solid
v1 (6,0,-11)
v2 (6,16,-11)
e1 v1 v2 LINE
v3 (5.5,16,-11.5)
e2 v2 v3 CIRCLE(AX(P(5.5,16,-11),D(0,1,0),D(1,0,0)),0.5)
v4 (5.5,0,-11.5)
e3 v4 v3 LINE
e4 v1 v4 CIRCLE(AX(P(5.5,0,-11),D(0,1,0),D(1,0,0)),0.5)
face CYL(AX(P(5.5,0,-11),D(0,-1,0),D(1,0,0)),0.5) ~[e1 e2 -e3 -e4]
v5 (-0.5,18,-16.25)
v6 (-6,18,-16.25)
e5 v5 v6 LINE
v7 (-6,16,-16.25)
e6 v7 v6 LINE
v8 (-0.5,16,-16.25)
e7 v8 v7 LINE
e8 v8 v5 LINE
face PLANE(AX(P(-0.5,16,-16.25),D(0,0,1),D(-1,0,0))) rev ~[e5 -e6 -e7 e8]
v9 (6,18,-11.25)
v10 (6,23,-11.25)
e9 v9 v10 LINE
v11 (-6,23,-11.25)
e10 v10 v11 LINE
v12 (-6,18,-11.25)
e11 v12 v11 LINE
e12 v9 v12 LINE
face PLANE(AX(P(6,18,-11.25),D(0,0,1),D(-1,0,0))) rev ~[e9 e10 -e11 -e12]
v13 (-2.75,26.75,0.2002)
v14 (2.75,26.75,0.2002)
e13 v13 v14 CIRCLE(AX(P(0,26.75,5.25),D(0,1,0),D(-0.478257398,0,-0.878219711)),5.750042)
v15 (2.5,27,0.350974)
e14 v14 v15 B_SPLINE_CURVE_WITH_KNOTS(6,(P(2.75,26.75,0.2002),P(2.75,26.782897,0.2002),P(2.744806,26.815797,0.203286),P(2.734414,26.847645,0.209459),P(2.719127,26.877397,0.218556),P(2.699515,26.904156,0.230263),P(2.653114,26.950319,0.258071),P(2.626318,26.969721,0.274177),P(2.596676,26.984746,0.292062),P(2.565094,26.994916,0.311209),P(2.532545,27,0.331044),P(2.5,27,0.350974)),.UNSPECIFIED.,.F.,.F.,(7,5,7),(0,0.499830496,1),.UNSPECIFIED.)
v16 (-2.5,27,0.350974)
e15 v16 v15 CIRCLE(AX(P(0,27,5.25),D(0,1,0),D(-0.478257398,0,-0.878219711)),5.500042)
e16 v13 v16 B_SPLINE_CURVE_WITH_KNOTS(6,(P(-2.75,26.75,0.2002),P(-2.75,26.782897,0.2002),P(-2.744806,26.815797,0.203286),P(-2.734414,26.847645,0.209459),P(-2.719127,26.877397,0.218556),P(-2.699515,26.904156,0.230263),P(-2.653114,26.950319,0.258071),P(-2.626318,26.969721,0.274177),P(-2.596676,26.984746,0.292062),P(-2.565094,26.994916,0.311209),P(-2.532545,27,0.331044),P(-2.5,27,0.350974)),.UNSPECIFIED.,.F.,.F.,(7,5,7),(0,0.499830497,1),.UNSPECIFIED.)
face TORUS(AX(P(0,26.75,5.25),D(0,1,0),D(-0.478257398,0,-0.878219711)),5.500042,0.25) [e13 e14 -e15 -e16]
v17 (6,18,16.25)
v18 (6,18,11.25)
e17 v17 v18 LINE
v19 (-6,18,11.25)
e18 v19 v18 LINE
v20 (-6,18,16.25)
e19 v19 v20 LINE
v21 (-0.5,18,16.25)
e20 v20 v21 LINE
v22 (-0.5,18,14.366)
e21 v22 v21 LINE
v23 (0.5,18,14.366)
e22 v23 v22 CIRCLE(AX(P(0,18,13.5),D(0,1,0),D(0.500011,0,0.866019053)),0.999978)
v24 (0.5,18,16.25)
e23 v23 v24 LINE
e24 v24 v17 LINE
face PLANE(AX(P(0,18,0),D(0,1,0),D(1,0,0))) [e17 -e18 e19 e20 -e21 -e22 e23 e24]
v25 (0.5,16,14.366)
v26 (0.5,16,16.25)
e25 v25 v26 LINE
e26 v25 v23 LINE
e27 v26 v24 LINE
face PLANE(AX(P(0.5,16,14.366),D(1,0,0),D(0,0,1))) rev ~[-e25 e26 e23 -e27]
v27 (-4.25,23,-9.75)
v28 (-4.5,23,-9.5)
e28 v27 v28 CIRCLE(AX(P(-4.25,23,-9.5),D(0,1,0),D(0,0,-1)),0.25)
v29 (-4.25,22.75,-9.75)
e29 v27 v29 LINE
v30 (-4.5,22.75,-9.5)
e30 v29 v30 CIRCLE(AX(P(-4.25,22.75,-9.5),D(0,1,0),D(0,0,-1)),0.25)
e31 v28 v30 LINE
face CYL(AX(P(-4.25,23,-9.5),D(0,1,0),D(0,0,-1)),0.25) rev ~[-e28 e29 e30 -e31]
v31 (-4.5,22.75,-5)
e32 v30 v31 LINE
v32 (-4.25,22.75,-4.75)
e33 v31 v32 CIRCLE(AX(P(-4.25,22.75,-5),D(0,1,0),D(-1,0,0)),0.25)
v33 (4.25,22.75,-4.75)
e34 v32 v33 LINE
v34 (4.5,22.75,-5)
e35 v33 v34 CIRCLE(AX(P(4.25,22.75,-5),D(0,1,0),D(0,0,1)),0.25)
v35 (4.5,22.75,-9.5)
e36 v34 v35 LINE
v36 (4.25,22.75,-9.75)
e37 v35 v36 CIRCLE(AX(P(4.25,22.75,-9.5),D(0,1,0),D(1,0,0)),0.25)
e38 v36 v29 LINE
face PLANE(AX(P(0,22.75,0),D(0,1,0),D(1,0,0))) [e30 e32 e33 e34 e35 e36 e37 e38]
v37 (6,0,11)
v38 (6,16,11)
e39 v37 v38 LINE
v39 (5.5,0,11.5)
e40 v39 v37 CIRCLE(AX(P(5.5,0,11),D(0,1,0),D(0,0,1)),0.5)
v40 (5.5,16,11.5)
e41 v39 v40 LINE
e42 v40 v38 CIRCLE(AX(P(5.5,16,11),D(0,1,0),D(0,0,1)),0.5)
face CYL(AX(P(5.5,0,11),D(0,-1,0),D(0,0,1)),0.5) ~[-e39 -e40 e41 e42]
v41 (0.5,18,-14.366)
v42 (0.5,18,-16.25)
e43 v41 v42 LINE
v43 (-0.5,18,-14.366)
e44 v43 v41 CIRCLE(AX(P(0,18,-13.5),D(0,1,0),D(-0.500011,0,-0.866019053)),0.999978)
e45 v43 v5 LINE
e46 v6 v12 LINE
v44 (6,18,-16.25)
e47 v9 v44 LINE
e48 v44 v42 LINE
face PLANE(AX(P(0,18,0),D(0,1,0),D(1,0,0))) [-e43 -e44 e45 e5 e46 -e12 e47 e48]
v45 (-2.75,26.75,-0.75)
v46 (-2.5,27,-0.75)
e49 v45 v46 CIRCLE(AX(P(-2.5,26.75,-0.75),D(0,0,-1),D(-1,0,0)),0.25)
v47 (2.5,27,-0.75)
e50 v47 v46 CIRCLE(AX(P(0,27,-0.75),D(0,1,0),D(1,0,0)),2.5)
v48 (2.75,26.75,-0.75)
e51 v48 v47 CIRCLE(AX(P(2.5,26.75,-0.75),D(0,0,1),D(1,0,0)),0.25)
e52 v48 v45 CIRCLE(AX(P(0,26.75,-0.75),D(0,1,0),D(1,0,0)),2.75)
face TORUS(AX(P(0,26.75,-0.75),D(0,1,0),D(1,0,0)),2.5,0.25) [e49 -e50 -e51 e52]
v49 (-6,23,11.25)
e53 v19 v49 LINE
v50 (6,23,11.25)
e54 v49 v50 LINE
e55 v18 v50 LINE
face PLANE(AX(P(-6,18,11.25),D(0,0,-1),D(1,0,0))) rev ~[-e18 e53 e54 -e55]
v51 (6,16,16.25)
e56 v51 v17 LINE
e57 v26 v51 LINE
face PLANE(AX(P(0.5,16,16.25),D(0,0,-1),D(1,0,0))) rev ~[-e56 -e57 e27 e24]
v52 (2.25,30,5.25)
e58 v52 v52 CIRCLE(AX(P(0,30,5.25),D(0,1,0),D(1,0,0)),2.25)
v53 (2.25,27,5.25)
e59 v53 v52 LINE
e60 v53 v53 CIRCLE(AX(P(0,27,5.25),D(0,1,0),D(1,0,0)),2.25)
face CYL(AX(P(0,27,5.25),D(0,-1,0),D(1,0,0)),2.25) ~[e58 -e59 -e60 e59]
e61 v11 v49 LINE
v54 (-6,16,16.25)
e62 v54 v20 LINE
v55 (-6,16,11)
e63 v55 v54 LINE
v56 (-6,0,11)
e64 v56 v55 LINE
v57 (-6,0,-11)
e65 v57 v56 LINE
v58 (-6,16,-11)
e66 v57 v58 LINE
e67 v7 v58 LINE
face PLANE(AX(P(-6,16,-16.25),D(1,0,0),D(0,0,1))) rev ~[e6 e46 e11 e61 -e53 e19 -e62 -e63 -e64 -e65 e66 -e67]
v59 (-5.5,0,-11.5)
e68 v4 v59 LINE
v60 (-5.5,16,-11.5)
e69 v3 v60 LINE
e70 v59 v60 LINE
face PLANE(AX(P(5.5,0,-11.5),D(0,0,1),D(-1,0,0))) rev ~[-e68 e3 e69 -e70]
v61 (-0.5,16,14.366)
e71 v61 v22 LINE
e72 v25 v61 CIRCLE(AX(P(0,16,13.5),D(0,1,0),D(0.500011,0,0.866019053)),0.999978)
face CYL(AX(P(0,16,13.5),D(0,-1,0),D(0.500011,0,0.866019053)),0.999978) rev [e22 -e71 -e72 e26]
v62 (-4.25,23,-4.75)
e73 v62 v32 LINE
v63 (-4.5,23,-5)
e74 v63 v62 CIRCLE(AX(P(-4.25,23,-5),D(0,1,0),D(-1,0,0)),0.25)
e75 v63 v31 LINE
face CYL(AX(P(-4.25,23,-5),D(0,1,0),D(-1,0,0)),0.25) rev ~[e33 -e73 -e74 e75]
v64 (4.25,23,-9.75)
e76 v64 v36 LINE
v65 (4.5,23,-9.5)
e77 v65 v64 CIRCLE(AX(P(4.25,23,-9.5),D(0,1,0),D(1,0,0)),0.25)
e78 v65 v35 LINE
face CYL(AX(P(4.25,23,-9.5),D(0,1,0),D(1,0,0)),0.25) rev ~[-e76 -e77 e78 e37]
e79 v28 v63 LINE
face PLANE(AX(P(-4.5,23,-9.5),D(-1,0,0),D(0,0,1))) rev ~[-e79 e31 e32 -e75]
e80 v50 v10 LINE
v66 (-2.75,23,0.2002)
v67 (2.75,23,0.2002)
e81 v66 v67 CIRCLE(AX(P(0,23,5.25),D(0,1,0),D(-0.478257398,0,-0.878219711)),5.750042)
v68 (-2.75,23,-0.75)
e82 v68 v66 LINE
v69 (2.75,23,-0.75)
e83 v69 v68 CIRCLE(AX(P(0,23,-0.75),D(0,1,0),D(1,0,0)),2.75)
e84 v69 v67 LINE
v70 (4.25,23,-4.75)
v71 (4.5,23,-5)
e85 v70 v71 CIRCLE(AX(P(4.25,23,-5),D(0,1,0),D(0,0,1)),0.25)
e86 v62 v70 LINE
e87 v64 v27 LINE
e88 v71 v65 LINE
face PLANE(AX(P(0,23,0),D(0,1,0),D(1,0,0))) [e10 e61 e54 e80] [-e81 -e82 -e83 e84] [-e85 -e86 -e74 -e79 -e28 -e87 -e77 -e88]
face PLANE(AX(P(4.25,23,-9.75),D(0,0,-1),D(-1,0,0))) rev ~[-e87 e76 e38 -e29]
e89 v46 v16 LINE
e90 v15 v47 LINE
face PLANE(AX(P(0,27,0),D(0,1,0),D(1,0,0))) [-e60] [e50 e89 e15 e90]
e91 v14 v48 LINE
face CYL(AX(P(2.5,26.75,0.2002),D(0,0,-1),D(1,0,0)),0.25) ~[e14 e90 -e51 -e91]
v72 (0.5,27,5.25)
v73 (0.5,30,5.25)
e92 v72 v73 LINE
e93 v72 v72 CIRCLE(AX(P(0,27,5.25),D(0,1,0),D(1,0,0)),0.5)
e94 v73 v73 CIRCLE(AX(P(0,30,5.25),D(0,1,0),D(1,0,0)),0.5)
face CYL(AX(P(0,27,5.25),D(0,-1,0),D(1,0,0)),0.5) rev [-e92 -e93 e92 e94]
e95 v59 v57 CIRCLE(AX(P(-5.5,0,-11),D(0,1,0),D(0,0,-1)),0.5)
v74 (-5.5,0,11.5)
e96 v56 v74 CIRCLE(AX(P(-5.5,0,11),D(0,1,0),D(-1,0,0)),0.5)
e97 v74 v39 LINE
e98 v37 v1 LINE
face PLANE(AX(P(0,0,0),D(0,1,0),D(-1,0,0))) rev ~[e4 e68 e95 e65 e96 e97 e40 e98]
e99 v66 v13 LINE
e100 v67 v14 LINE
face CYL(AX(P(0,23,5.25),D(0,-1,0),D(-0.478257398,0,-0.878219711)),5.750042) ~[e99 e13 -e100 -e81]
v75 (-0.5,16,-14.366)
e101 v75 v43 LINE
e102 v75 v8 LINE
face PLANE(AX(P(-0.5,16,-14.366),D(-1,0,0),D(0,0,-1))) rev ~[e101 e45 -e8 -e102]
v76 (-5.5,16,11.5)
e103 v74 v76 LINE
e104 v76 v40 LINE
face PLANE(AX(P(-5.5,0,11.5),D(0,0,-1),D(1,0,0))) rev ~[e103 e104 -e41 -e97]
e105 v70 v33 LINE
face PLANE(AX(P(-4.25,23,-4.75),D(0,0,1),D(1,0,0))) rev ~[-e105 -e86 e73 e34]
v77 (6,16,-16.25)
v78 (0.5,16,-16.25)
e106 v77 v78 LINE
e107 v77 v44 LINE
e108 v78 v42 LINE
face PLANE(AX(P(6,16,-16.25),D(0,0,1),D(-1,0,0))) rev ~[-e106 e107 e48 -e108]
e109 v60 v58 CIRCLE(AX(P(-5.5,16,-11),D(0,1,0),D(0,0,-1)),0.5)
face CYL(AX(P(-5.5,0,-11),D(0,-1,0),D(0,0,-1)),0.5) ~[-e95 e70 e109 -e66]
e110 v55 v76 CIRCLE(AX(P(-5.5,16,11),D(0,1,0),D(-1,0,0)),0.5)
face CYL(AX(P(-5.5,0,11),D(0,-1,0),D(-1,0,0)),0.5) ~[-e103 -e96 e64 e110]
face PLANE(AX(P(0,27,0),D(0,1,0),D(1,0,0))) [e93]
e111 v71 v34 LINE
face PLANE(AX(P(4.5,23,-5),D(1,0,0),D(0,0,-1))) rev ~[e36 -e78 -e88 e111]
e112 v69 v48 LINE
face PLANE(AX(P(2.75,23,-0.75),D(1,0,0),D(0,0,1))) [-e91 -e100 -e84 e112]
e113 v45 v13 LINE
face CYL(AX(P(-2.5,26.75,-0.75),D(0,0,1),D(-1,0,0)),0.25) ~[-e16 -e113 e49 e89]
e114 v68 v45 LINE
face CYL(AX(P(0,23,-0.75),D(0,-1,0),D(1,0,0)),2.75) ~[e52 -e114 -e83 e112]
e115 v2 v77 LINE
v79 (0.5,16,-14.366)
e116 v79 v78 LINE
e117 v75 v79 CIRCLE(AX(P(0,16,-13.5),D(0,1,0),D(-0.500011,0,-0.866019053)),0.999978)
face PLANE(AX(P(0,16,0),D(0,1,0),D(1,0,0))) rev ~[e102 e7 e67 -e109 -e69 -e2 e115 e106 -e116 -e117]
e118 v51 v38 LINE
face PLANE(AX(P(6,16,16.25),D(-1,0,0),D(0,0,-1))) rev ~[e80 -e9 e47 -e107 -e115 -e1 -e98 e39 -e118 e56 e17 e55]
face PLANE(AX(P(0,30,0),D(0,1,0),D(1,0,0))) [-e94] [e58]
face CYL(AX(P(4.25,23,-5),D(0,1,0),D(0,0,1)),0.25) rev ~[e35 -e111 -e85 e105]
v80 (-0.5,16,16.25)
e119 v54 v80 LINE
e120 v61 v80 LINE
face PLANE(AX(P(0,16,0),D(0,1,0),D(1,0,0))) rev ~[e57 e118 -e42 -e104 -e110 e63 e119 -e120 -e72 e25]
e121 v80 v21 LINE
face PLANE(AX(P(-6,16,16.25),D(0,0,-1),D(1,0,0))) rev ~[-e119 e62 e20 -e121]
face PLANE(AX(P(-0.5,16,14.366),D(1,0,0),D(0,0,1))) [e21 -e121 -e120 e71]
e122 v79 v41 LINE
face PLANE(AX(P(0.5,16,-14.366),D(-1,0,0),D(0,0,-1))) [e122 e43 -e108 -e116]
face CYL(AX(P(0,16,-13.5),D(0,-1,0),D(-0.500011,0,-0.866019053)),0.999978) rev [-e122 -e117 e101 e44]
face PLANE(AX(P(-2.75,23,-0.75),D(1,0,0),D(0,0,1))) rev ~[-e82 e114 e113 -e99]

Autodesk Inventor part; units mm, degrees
ref_plane "YZ Plane" through (0, 0, 0) normal (1, 0, 0) x (0, 1, 0)
ref_plane "XZ Plane" through (0, 0, 0) normal (0, 1, 0) x (-1, 0, 0)
sketch "Эскиз1" plane through (0, 0, 0) normal (0, 1, 0) x (-1, 0, 0)
  line L0 (5.5, 11.5) -> (-5.5, 11.5)
  line L1 (-6, 11) -> (-6, -11)
  line L2 (-5.5, -11.5) -> (5.5, -11.5)
  line L3 (6, -11) -> (6, 11)
  line L4 (6, 11.5) -> (-6, -11.5) construction
  line L5 (-6, 11.5) -> (6, -11.5) construction
  arc A0 (6, 11) -> (5.5, 11.5) centre (5.5, 11) ccw
  arc A1 (5.5, -11.5) -> (6, -11) centre (5.5, -11) ccw
  arc A2 (-6, -11) -> (-5.5, -11.5) centre (-5.5, -11) ccw
  arc A3 (-5.5, 11.5) -> (-6, 11) centre (-5.5, 11) ccw
  point P0 (0, 0)
  dimension "d0" = 12
  dimension "d1" = 23
  dimension "d2" = 0.5
extrude "Выдавливание1" add sketch "Эскиз1" along normal blind 16
sketch "Эскиз2" plane through (0, 16, 0) normal (0, 1, 0) x (1, 0, 0)
  line L0 (6, -16.25) -> (6, 16.25)
  line L1 (-6, 16.25) -> (-6, -16.25)
  line L2 (-6, -16.25) -> (6, 16.25) construction
  line L3 (6, -16.25) -> (-6, 16.25) construction
  arc A0 (0.5, -14.366) -> (-0.5, -14.366) centre (0, -13.5) ccw
  arc A1 (-0.5, 14.366) -> (0.5, 14.366) centre (0, 13.5) ccw
  line L4 (-0.5, -14.366) -> (-0.5, -16.25)
  line L5 (0.5, -14.366) -> (0.5, -16.25)
  line L6 (-6, -16.25) -> (-0.5, -16.25)
  line L7 (0.5, -16.25) -> (6, -16.25)
  line L8 (-0.5, 14.366) -> (-0.5, 16.25)
  line L9 (0.5, 14.366) -> (0.5, 16.25)
  line L10 (6, 16.25) -> (0.5, 16.25)
  line L11 (-0.5, 16.25) -> (-6, 16.25)
  point P0 (0, 0)
  point P1 (0, 0)
  point P2 (0, 0)
  dimension "d5" = 12
  dimension "d6" = 32.5
  dimension "d7" = 2
  dimension "d8" = 2
  dimension "d9" = 1
  dimension "d10" = 0.5
  dimension "d13" = 27
  dimension "d14" = 13.5
extrude "Выдавливание2" add sketch "Эскиз2" along normal blind 2
sketch "Эскиз3" plane through (0, 18, 0) normal (0, 1, 0) x (1, 0, 0)
  line L0 (6, -16.25) -> (6, 16.25) projected
  line L1 (-6, -11.25) -> (6, -11.25)
  line L2 (6, -11.25) -> (6, 11.25)
  line L3 (6, 11.25) -> (-6, 11.25)
  line L4 (-6, 11.25) -> (-6, -11.25)
  line L5 (-6, -11.25) -> (6, 11.25) construction
  line L6 (6, -11.25) -> (-6, 11.25) construction
  point P0 (0, 0)
  dimension "d15" = 22.5
  dimension "d18" = 12
extrude "Выдавливание3" add sketch "Эскиз3" along normal blind 5
sketch "Эскиз4" plane through (0, 23, 0) normal (0, 1, 0) x (1, 0, 0)
  arc A0 (-2.75, -0.2002) -> (2.75, -0.2002) centre (0, -5.25) ccw
  arc A1 (2.75, 0.75) -> (-2.75, 0.75) centre (0, 0.75) ccw
  line L0 (-2.75, 0.75) -> (-2.75, -0.2002)
  line L1 (2.75, 0.75) -> (2.75, -0.2002)
  line L2 (-6, -11.25) -> (6, -11.25) projected
  point P0 (0, 0)
  dimension "d19" = 11.5
  dimension "d20" = 5.25
  dimension "d21" = 5.5
  dimension "d22" = 6
  dimension "d23" = 11.25
extrude "Выдавливание4" add sketch "Эскиз4" along normal blind 4
fillet "Сопряжение1" radius 0.25 4 edges at (0, 27, 11) (0, 27, -3.5) (2.75, 27, -0.2749) (-2.75, 27, -0.2749)
sketch "Эскиз5" plane through (0, 23, 0) normal (0, 1, 0) x (1, 0, 0)
  line L0 (-4.25, 4.75) -> (4.25, 4.75)
  line L1 (4.5, 5) -> (4.5, 9.5)
  line L2 (4.25, 9.75) -> (-4.25, 9.75)
  line L3 (-4.5, 9.5) -> (-4.5, 5)
  line L4 (6, 11.25) -> (-6, 11.25) projected
  line L5 (-6, 11.25) -> (-6, -11.25) projected
  line L6 (6, -11.25) -> (6, 11.25) projected
  arc A0 (-4.5, 5) -> (-4.25, 4.75) centre (-4.25, 5) ccw
  arc A1 (-4.25, 9.75) -> (-4.5, 9.5) centre (-4.25, 9.5) ccw
  arc A2 (4.5, 9.5) -> (4.25, 9.75) centre (4.25, 9.5) ccw
  arc A3 (4.25, 4.75) -> (4.5, 5) centre (4.25, 5) ccw
  point P0 (0, 0)
  dimension "d27" = 1.5
  dimension "d28" = 1.5
  dimension "d29" = 1.5
  dimension "d30" = 5
  dimension "d31" = 0.25
extrude "Выдавливание5" cut sketch "Эскиз5" against normal blind 0.25
sketch "Эскиз6" plane through (0, 27, 0) normal (0, 1, 0) x (1, 0, 0)
  arc A0 (-2.5, -0.351) -> (2.5, -0.351) centre (0, -5.25) ccw projected
  circle A1 centre (0, -5.25) radius 2.25
  circle A2 centre (0, -5.25) radius 0.5
  point P0 (0, 0)
  dimension "d34" = 4.5
  dimension "d35" = 1
extrude "Выдавливание6" add sketch "Эскиз6" along normal blind 3
ref_plane "Work Plane1" through (0, 0, 11) normal (1, 0, 0) x (0, 0, -1)
equation "\"d8\" = d7"
equation "\"d14\" = 0.5 * d13"
equation "\"d28\" = d27"
equation "\"d29\" = d27"
equation "\"d45\" = 0.5 * d44"
equation "\"d44\" = 0.8"
properties part number "Servomotor HTX900" material "Поликарбонат, дымчатый"
